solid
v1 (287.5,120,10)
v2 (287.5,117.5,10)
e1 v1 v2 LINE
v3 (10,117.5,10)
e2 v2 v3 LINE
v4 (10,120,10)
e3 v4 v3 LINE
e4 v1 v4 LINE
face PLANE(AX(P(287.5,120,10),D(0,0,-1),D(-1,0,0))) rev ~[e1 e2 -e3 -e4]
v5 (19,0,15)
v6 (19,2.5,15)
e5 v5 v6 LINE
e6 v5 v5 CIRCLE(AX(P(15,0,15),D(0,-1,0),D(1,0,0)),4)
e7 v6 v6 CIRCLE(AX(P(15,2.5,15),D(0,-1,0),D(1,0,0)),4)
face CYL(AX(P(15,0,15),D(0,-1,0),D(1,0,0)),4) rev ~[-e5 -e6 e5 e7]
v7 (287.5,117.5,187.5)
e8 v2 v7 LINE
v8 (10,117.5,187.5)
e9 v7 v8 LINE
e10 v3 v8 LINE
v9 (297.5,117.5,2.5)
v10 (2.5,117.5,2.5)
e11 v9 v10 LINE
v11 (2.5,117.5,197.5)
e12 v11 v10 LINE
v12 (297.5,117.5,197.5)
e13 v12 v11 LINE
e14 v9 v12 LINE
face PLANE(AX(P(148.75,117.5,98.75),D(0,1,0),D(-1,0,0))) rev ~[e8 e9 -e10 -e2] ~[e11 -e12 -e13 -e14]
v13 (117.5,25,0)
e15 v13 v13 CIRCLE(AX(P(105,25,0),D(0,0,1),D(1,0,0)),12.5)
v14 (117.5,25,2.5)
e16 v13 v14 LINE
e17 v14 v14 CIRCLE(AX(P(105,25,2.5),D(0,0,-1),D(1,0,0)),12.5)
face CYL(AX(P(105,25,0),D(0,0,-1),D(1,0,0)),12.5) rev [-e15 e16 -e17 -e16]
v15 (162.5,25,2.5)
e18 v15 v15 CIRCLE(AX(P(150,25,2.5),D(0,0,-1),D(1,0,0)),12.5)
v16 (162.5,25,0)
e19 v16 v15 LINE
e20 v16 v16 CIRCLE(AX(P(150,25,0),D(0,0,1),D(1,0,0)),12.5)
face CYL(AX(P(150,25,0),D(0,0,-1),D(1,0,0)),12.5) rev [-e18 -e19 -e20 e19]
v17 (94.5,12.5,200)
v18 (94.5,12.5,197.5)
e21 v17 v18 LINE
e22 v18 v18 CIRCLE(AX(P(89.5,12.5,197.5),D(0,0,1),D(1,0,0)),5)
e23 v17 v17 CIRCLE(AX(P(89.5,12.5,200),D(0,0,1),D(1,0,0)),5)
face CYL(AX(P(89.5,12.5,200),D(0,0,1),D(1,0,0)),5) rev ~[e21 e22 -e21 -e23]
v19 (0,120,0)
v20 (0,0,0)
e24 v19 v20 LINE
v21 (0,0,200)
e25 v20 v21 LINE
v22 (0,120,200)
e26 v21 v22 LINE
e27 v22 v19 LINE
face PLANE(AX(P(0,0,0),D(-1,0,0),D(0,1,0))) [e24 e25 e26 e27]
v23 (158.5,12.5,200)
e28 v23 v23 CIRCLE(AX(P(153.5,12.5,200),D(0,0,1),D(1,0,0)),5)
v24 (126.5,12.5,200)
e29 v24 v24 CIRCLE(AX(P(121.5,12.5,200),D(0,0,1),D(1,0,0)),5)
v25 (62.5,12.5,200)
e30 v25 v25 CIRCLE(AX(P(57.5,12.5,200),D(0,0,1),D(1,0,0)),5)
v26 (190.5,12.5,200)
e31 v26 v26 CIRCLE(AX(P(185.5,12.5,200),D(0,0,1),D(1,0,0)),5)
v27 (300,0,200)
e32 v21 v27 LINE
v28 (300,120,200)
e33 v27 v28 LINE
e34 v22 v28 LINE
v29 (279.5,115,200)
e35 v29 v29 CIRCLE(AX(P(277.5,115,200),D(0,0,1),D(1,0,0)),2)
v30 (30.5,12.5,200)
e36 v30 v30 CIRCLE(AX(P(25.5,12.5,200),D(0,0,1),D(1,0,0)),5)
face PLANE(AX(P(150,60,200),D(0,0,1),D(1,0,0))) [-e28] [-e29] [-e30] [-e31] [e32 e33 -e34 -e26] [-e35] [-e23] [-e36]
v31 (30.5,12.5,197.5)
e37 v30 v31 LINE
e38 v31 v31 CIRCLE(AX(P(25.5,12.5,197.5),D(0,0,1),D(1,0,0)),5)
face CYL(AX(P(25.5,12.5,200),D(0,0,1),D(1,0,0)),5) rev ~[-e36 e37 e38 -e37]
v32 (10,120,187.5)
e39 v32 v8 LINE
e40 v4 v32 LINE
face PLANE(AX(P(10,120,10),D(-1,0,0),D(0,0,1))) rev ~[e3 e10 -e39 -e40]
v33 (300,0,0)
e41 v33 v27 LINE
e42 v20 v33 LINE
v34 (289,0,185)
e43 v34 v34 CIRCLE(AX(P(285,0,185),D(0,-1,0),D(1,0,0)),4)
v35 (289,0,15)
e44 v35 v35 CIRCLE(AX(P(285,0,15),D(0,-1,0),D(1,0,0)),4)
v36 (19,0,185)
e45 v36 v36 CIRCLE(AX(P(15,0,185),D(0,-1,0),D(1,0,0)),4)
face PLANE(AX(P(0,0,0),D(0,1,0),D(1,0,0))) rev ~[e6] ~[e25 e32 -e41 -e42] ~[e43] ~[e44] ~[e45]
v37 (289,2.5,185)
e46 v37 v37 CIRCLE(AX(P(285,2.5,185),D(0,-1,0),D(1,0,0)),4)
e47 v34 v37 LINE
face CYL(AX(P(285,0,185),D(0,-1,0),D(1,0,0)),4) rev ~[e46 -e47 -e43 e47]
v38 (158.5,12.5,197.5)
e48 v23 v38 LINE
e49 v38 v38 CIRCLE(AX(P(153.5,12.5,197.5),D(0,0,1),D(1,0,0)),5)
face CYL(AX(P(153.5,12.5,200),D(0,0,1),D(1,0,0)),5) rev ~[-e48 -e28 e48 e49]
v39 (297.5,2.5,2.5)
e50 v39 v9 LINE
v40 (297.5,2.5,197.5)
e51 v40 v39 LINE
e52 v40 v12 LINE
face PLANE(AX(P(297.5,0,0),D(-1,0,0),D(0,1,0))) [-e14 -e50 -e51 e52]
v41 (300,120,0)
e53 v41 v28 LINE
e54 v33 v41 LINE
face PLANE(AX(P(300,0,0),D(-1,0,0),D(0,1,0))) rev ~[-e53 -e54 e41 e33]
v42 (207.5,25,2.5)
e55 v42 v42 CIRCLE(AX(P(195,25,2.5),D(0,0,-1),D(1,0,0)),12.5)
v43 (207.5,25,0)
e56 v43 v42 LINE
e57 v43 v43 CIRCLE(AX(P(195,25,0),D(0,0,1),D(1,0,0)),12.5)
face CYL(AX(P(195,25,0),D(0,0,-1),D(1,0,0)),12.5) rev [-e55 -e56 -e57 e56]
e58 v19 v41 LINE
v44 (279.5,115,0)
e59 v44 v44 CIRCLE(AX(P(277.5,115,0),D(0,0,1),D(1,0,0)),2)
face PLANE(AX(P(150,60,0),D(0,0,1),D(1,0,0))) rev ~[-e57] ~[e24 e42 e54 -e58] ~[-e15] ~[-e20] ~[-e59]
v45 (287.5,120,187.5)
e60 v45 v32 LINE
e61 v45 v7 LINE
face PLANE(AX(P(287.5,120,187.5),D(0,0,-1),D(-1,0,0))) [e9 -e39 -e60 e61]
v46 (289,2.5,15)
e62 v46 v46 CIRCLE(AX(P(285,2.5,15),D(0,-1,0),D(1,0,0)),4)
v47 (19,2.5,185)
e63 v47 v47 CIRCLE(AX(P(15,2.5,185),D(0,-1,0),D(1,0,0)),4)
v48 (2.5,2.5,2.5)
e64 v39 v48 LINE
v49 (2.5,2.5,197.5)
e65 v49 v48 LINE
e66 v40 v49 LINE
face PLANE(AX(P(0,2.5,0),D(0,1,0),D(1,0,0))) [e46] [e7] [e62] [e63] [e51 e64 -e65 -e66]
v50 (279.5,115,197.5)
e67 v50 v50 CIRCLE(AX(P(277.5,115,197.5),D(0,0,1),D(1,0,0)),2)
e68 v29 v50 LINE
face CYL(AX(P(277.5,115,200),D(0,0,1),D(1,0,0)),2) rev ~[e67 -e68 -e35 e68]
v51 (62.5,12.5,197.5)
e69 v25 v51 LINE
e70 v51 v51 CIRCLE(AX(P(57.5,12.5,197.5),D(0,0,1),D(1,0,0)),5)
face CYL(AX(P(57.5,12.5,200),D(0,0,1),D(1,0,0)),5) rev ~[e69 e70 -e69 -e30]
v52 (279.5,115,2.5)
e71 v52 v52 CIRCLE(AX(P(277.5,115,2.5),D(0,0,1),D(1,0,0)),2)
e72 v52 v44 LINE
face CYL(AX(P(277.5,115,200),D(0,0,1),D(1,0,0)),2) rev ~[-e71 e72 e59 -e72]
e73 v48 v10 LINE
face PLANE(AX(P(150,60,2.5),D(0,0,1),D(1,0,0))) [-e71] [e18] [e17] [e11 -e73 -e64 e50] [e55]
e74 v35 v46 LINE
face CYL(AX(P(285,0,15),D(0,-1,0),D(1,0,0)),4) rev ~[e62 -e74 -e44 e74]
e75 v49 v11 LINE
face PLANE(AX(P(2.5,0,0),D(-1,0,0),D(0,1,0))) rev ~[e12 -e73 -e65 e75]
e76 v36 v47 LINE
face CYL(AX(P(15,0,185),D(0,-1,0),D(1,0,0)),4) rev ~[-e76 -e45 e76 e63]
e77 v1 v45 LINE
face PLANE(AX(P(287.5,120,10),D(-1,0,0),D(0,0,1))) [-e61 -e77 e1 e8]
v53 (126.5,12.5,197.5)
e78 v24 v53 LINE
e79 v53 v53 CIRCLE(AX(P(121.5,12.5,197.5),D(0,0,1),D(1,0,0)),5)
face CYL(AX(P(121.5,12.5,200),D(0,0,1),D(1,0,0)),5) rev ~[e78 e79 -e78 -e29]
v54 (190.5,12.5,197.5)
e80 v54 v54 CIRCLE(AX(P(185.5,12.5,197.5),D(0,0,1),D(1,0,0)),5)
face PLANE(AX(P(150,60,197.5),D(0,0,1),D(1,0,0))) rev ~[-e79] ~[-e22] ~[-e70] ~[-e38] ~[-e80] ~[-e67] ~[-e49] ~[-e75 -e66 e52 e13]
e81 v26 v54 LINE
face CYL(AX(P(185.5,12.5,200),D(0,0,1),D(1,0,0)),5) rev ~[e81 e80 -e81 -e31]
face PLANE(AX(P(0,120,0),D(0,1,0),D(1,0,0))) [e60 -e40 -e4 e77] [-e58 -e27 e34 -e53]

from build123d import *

# Parameters (mm, degrees)
F0_W      = 300
F0_H      = 120
F1_DEPTH  = 200
F2_T      = -2.5
F3_W      = 297.5
F3_H      = 197.5
F3_W_2    = 277.5
F3_H_2    = 177.5
F4_DEPTH  = 2.5
F5_R      = 2
F6_DEPTH  = 200.001
F7_R      = 5
F8_DEPTH  = 5
F9_R      = 4
F10_DEPTH = 2.5
F11_R     = 12.5
F12_DEPTH = 3


with BuildPart() as f1:
    # F0 (on Top) → F1 (new body)
    with BuildSketch(Plane.XY):
        with Locations((150, 60)):
            Rectangle(F0_W, F0_H)
    extrude(amount=F1_DEPTH)

    # F2
    f2_openings = [f1.faces().sort_by_distance(p)[0] for p in [
        (150, 120, 100),
    ]]
    offset(amount=F2_T, openings=f2_openings)

    # F3 (on face) → F4 (join)
    with BuildSketch(Plane(origin=(0, 120, 0), x_dir=(-1, 0, 0), z_dir=(0, 1, 0))):
        with Locations((-148.75, 98.75)):
            Rectangle(F3_W, F3_H)
        with Locations((-148.75, 98.75)):
            Rectangle(F3_W_2, F3_H_2, mode=Mode.SUBTRACT)
    extrude(amount=-F4_DEPTH)

    # F5 (on face) → F6 (cut, through all)
    with BuildSketch(Plane.XY.offset(200)):
        with Locations((277.5, 115)):
            Circle(F5_R)
    extrude(amount=-F6_DEPTH, mode=Mode.SUBTRACT)

    # F7 (on face) → F8 (cut)
    with BuildSketch(Plane.XY.offset(200)):
        with Locations((185.5, 12.5)):
            Circle(F7_R)
        with Locations((153.5, 12.5)):
            Circle(F7_R)
        with Locations((121.5, 12.5)):
            Circle(F7_R)
        with Locations((89.5, 12.5)):
            Circle(F7_R)
        with Locations((57.5, 12.5)):
            Circle(F7_R)
        with Locations((25.5, 12.5)):
            Circle(F7_R)
    extrude(amount=-F8_DEPTH, mode=Mode.SUBTRACT)

    # F9 (on face) → F10 (cut)
    with BuildSketch(Plane.XZ):
        with Locations((285, 185)):
            Circle(F9_R)
        with Locations((285, 15)):
            Circle(F9_R)
        with Locations((15, 185)):
            Circle(F9_R)
        with Locations((15, 15)):
            Circle(F9_R)
    extrude(amount=-F10_DEPTH, mode=Mode.SUBTRACT)

    # F11 (on face) → F12 (cut)
    with BuildSketch(Plane.XY):
        with Locations((150, 25)):
            Circle(F11_R)
        with Locations((195, 25)):
            Circle(F11_R)
        with Locations((105, 25)):
            Circle(F11_R)
    extrude(amount=F12_DEPTH, mode=Mode.SUBTRACT)


solid = f1.part
